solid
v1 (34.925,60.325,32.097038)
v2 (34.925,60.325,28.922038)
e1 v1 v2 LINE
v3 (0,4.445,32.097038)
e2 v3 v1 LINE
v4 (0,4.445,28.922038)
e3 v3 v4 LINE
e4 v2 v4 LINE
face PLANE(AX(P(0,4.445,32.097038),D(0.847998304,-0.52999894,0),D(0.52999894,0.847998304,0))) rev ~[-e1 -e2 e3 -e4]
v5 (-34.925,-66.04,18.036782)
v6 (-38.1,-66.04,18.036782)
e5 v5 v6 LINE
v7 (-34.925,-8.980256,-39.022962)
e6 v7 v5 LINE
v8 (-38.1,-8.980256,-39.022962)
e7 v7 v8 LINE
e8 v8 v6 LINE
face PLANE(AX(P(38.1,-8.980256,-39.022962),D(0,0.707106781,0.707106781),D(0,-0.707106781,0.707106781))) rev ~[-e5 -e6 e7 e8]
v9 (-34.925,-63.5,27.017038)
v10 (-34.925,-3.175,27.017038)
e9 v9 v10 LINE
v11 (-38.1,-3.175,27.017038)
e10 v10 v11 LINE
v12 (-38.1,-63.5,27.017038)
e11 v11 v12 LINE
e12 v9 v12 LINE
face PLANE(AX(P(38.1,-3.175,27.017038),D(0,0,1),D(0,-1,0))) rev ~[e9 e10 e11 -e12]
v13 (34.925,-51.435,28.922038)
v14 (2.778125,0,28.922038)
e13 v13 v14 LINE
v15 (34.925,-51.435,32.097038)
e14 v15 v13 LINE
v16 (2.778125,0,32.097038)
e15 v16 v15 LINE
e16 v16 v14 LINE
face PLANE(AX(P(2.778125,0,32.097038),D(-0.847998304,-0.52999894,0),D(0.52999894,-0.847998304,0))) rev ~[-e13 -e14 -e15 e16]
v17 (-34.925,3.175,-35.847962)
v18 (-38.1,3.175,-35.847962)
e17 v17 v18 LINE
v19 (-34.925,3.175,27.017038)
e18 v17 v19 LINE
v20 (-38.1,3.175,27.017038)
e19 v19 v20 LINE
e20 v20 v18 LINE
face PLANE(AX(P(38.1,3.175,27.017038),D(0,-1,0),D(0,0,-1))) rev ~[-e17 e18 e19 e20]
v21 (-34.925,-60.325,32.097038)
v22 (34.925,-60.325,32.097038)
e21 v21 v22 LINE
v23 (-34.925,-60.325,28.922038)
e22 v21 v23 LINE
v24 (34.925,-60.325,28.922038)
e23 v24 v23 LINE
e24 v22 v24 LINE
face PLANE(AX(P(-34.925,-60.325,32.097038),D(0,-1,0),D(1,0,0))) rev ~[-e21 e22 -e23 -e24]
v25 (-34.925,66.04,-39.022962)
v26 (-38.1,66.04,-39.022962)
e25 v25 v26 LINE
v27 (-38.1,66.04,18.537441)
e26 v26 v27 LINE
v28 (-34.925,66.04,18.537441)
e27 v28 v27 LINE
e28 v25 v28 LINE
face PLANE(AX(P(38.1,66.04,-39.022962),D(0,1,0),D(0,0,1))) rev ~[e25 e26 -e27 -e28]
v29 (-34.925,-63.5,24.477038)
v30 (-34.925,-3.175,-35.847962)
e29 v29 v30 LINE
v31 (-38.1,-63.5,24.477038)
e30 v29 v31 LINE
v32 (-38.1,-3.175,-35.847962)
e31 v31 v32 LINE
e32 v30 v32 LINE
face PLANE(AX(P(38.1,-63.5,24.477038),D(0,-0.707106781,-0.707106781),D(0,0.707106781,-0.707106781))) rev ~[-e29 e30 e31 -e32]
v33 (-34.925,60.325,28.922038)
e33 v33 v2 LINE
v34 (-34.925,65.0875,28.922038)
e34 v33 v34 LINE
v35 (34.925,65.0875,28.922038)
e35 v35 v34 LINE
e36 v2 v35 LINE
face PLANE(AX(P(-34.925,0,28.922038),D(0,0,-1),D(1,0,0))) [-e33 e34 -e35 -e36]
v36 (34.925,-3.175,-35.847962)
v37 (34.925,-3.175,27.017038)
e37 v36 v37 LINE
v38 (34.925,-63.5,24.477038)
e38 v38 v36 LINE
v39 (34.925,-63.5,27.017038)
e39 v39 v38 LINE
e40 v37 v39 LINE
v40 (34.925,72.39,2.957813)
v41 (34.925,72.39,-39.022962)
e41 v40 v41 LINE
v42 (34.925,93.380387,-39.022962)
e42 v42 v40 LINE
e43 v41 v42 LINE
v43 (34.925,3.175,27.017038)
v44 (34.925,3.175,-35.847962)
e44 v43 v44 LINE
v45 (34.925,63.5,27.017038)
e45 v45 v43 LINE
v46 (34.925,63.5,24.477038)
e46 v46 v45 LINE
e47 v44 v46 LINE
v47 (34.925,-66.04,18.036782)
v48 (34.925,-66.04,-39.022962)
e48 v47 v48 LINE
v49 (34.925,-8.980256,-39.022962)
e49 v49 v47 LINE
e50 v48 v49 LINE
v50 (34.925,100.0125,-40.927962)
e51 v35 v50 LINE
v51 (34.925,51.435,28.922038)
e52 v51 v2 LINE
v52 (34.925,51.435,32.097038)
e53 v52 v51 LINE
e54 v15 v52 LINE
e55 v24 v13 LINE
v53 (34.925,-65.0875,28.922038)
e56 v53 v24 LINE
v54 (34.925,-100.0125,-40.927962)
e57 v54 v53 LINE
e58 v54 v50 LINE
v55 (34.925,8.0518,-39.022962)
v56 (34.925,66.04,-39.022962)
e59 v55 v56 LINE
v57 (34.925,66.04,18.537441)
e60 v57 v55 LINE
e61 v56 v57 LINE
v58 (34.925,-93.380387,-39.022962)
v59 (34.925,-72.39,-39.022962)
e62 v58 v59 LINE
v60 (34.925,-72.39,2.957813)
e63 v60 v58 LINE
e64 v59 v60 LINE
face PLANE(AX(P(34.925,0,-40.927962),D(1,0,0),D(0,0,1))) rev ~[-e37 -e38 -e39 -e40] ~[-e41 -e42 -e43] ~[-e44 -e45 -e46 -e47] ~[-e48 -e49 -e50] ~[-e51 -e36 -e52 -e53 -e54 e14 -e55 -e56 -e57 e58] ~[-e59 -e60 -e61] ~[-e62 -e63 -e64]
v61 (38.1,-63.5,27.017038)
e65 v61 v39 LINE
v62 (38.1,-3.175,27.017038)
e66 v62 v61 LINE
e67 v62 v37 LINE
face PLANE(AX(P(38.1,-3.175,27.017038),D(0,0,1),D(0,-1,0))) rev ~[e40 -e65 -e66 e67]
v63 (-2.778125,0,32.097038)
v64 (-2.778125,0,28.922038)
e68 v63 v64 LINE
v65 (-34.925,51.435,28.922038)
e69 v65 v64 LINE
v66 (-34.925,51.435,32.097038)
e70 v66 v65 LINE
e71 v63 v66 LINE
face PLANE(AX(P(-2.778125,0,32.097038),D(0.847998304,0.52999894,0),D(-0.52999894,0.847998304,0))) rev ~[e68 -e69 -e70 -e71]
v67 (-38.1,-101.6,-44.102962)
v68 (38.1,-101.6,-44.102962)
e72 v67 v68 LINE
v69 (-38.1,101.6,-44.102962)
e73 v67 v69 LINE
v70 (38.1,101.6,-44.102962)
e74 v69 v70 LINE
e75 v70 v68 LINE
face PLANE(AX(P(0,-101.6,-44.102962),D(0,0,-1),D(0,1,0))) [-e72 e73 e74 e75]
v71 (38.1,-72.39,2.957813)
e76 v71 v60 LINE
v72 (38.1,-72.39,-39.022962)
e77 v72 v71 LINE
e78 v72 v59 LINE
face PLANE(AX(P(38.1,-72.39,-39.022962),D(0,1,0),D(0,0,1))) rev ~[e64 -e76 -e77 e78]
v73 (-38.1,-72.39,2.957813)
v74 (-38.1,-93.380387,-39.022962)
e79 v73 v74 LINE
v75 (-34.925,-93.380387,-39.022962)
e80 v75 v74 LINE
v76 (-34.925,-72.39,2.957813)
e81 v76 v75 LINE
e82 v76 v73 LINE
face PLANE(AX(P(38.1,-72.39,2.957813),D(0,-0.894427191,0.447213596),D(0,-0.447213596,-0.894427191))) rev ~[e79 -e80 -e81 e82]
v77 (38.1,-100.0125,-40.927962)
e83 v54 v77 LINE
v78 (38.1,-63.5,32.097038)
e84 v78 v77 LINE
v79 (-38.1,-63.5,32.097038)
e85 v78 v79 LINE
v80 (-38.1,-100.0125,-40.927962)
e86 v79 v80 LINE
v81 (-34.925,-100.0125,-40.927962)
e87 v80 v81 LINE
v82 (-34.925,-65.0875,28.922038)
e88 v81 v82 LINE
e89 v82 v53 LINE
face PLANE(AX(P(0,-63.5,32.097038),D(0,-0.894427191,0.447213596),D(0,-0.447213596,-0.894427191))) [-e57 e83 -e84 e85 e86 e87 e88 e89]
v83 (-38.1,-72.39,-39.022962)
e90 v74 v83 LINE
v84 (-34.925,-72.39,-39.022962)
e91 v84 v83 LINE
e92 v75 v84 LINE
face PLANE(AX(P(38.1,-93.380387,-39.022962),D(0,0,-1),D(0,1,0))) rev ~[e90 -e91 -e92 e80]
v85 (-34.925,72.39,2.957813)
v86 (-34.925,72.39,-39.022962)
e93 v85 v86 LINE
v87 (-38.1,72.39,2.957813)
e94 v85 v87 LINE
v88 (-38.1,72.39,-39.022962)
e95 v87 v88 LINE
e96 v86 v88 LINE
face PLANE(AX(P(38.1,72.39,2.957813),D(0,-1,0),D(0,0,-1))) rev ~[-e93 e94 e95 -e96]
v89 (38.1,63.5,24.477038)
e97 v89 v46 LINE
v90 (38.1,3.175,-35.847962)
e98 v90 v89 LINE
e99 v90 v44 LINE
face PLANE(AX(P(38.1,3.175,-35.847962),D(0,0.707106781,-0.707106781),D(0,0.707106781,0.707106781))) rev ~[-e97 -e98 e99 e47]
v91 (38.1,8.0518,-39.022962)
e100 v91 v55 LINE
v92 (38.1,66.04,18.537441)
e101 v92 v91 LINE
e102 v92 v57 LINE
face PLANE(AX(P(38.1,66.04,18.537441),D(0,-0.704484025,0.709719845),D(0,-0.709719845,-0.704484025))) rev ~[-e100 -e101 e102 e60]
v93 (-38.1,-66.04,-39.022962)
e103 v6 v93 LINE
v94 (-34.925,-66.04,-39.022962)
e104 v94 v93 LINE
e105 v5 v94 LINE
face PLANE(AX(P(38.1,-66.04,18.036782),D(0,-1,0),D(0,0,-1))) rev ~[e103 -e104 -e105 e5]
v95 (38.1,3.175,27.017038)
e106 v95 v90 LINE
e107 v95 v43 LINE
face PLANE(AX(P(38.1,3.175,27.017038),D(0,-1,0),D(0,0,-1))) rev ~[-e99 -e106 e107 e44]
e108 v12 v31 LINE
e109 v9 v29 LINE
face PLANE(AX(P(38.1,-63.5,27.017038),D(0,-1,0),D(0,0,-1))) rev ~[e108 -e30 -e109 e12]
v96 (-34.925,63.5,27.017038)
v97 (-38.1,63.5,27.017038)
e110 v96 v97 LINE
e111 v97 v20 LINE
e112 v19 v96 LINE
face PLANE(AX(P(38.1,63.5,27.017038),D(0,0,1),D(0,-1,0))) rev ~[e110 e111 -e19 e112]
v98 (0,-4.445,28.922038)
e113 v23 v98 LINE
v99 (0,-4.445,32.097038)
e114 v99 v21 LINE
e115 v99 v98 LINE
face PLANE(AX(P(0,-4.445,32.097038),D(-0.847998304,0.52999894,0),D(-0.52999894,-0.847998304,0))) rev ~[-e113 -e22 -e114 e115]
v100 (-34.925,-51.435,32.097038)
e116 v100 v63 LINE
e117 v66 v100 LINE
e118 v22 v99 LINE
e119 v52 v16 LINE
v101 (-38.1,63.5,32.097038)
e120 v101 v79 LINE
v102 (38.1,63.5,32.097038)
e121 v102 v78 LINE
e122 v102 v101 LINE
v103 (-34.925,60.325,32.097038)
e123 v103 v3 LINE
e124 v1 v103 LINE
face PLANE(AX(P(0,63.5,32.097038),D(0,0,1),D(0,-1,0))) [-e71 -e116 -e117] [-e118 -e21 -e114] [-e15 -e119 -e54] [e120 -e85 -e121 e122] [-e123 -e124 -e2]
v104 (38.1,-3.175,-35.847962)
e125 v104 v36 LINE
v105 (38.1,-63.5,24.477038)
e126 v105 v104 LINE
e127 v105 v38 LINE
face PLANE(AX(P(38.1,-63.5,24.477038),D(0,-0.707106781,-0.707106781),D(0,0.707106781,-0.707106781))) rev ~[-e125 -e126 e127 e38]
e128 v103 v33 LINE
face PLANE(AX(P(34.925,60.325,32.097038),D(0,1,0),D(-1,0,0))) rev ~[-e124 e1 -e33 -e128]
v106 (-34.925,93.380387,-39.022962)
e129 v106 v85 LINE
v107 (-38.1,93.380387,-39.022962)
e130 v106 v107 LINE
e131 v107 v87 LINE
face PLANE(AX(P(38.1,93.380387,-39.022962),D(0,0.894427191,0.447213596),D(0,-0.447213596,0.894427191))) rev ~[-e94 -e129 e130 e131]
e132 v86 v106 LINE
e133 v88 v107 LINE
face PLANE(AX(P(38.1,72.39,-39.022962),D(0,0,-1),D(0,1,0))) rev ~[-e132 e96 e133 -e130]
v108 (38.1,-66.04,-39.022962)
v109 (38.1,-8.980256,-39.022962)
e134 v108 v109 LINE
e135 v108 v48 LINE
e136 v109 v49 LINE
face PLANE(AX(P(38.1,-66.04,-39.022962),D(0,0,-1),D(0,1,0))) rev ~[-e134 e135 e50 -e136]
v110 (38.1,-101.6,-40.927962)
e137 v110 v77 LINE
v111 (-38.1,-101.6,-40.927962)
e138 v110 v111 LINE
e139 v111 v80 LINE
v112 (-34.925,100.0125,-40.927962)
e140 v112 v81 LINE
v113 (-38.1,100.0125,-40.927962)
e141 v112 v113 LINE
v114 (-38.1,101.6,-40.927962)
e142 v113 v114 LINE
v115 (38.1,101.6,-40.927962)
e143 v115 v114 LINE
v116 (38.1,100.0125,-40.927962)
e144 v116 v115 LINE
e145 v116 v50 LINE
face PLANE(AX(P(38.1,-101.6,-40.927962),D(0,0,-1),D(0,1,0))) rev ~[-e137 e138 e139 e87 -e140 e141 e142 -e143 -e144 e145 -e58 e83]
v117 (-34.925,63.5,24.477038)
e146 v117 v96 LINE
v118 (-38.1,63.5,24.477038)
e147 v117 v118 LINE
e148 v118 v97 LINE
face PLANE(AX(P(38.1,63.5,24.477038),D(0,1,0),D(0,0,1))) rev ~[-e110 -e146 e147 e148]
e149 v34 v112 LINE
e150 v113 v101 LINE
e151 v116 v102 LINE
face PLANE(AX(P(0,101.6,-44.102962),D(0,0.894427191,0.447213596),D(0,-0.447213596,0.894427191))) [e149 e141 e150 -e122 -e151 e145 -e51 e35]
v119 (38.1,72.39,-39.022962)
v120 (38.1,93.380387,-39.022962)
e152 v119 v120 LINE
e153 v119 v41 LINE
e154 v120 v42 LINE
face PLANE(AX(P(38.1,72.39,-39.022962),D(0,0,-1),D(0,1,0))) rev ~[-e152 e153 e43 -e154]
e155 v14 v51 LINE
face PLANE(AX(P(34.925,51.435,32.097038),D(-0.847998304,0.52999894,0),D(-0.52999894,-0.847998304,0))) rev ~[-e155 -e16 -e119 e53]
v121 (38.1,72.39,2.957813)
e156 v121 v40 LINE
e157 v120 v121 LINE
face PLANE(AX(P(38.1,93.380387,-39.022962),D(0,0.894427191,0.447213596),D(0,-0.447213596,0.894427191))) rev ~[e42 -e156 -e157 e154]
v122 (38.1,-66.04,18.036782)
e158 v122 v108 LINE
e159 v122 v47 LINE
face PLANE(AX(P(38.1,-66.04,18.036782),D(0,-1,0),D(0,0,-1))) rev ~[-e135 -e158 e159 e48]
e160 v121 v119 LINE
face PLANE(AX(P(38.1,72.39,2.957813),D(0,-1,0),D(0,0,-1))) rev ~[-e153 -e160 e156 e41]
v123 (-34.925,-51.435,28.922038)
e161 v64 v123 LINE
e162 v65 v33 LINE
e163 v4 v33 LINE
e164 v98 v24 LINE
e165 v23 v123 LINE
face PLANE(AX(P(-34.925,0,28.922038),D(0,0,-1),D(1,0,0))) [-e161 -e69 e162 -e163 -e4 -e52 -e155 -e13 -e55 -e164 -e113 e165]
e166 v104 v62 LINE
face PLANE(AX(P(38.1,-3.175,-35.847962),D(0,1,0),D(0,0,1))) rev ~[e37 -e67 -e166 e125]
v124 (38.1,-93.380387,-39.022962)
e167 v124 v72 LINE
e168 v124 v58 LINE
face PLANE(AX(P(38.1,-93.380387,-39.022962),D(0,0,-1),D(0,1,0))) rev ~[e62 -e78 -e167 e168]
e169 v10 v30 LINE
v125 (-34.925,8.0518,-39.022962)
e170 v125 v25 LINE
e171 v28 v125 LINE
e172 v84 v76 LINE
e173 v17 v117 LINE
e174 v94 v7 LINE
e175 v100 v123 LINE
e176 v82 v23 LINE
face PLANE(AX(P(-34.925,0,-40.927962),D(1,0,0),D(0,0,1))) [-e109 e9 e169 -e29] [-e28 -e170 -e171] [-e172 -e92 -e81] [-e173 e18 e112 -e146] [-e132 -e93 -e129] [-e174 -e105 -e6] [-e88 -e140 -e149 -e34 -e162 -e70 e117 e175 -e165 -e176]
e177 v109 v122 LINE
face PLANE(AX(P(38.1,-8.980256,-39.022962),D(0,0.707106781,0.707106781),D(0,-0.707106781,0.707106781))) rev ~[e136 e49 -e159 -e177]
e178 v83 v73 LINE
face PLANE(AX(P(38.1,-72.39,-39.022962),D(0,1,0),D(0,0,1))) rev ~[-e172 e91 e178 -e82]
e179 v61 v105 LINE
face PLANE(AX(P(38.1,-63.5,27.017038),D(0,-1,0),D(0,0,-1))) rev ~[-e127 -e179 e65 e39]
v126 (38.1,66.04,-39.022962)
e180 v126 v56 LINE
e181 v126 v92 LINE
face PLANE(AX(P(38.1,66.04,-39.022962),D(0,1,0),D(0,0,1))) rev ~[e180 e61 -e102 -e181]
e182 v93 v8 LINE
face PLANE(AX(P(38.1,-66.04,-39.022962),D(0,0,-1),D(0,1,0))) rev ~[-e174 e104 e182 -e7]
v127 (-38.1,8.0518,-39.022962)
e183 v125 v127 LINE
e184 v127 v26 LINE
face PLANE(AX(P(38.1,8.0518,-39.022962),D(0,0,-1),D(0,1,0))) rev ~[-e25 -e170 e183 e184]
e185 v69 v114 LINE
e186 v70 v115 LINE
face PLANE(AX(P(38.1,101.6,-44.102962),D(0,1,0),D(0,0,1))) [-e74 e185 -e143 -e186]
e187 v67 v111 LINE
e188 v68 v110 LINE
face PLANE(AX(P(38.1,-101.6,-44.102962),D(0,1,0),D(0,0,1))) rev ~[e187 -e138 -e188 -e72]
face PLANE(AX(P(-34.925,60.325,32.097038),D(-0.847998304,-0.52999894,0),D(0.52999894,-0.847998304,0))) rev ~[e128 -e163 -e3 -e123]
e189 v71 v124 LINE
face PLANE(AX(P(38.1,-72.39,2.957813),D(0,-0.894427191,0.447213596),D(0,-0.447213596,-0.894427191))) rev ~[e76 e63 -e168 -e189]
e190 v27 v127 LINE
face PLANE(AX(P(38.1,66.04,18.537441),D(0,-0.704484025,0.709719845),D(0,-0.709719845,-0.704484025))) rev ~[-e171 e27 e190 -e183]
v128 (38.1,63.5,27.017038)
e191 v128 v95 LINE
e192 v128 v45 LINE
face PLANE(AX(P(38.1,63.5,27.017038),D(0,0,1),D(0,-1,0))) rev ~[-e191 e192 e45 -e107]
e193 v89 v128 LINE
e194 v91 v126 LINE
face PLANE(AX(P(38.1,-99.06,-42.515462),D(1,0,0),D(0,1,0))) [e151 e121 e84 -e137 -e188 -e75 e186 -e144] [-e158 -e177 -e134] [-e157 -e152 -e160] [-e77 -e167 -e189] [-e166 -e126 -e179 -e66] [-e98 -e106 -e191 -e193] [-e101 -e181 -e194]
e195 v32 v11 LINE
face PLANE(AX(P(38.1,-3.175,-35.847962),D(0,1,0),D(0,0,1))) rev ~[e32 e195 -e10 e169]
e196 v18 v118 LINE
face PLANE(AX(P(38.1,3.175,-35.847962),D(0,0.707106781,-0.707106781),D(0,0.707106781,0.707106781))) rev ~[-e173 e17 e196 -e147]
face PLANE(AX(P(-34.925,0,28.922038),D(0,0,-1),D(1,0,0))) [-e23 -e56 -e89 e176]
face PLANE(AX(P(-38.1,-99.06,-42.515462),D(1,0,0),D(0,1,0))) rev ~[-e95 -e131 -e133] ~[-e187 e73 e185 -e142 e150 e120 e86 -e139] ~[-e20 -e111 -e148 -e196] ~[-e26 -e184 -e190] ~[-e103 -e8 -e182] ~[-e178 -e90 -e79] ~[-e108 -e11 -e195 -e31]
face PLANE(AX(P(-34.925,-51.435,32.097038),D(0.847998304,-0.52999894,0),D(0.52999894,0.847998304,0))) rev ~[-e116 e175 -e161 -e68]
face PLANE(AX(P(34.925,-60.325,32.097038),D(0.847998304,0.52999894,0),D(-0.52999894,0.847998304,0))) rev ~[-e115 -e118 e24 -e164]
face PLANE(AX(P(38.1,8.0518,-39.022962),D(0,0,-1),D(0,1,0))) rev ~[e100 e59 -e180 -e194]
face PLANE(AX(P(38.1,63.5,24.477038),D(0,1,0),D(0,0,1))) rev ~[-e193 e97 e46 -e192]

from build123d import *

# Parameters (mm, degrees)
F1_DEPTH = 38.1
F2_W     = 69.85
F2_H     = 69.85
F3_DEPTH = 127
F5_DEPTH = 76.2
F7_DEPTH = 5.588
F8_W     = 5.08
F8_H     = 3.175
F9_DEPTH = 76.2


with BuildPart() as f1:
    # F0 (on Right) → F1 (new body, symmetric)
    with BuildSketch(Plane.YZ):
        Polygon((-63.5, 32.0970378816), (-101.6, -44.1029621184), (101.6, -44.1029621184), (63.5, 32.0970378816), align=None)
    extrude(amount=F1_DEPTH, both=True)

    # F2 (on Front) → F3 (cut, symmetric)
    with BuildSketch(Plane.XZ):
        with Locations((0, -6.0029621184)):
            Rectangle(F2_W, F2_H)
    extrude(amount=F3_DEPTH, both=True, mode=Mode.SUBTRACT)

    # F4 (on face) → F5 (cut)
    with BuildSketch(Plane.YZ.offset(38.1)):
        Polygon((-72.39, 2.9578125559), (-93.3803873372, -39.0229621184), (-72.39, -39.0229621184), align=None)
        Polygon((-66.04, 18.0367817605), (-66.04, -39.0229621184), (-8.9802561211, -39.0229621184), align=None)
        Polygon((-3.175, 27.0170378816), (-63.5, 27.0170378816), (-63.5, 24.4770378816), (-3.175, -35.8479621184), align=None)
        Polygon((63.5, 27.0170378816), (3.175, 27.0170378816), (3.175, -35.8479621184), (63.5, 24.4770378816), align=None)
        Polygon((66.04, 18.5374412686), (8.0518, -39.0229621184), (66.04, -39.0229621184), align=None)
        Polygon((72.39, -39.0229621184), (93.3803873372, -39.0229621184), (72.39, 2.9578125559), align=None)
    extrude(amount=-F5_DEPTH, mode=Mode.SUBTRACT)

    # F6 (on face) → F7 (cut)
    with BuildSketch(Plane.XY.offset(32.0970378816)):
        Polygon((-34.925, 51.435), (-34.925, -51.435), (-2.778125, 0), align=None)
        Polygon((0, 4.445), (34.925, 60.325), (-34.925, 60.325), align=None)
        Polygon((2.778125, 0), (34.925, -51.435), (34.925, 51.435), align=None)
        Polygon((-34.925, -60.325), (34.925, -60.325), (0, -4.445), align=None)
    extrude(amount=-F7_DEPTH, mode=Mode.SUBTRACT)

    # F8 (on face) → F9 (join)
    with BuildSketch(Plane.YZ.offset(38.1)):
        with Locations((-99.06, -42.5154621184)):
            Rectangle(F8_W, F8_H)
        with Locations((99.06, -42.5154621184)):
            Rectangle(F8_W, F8_H)
    extrude(amount=-F9_DEPTH)


solid = f1.part
